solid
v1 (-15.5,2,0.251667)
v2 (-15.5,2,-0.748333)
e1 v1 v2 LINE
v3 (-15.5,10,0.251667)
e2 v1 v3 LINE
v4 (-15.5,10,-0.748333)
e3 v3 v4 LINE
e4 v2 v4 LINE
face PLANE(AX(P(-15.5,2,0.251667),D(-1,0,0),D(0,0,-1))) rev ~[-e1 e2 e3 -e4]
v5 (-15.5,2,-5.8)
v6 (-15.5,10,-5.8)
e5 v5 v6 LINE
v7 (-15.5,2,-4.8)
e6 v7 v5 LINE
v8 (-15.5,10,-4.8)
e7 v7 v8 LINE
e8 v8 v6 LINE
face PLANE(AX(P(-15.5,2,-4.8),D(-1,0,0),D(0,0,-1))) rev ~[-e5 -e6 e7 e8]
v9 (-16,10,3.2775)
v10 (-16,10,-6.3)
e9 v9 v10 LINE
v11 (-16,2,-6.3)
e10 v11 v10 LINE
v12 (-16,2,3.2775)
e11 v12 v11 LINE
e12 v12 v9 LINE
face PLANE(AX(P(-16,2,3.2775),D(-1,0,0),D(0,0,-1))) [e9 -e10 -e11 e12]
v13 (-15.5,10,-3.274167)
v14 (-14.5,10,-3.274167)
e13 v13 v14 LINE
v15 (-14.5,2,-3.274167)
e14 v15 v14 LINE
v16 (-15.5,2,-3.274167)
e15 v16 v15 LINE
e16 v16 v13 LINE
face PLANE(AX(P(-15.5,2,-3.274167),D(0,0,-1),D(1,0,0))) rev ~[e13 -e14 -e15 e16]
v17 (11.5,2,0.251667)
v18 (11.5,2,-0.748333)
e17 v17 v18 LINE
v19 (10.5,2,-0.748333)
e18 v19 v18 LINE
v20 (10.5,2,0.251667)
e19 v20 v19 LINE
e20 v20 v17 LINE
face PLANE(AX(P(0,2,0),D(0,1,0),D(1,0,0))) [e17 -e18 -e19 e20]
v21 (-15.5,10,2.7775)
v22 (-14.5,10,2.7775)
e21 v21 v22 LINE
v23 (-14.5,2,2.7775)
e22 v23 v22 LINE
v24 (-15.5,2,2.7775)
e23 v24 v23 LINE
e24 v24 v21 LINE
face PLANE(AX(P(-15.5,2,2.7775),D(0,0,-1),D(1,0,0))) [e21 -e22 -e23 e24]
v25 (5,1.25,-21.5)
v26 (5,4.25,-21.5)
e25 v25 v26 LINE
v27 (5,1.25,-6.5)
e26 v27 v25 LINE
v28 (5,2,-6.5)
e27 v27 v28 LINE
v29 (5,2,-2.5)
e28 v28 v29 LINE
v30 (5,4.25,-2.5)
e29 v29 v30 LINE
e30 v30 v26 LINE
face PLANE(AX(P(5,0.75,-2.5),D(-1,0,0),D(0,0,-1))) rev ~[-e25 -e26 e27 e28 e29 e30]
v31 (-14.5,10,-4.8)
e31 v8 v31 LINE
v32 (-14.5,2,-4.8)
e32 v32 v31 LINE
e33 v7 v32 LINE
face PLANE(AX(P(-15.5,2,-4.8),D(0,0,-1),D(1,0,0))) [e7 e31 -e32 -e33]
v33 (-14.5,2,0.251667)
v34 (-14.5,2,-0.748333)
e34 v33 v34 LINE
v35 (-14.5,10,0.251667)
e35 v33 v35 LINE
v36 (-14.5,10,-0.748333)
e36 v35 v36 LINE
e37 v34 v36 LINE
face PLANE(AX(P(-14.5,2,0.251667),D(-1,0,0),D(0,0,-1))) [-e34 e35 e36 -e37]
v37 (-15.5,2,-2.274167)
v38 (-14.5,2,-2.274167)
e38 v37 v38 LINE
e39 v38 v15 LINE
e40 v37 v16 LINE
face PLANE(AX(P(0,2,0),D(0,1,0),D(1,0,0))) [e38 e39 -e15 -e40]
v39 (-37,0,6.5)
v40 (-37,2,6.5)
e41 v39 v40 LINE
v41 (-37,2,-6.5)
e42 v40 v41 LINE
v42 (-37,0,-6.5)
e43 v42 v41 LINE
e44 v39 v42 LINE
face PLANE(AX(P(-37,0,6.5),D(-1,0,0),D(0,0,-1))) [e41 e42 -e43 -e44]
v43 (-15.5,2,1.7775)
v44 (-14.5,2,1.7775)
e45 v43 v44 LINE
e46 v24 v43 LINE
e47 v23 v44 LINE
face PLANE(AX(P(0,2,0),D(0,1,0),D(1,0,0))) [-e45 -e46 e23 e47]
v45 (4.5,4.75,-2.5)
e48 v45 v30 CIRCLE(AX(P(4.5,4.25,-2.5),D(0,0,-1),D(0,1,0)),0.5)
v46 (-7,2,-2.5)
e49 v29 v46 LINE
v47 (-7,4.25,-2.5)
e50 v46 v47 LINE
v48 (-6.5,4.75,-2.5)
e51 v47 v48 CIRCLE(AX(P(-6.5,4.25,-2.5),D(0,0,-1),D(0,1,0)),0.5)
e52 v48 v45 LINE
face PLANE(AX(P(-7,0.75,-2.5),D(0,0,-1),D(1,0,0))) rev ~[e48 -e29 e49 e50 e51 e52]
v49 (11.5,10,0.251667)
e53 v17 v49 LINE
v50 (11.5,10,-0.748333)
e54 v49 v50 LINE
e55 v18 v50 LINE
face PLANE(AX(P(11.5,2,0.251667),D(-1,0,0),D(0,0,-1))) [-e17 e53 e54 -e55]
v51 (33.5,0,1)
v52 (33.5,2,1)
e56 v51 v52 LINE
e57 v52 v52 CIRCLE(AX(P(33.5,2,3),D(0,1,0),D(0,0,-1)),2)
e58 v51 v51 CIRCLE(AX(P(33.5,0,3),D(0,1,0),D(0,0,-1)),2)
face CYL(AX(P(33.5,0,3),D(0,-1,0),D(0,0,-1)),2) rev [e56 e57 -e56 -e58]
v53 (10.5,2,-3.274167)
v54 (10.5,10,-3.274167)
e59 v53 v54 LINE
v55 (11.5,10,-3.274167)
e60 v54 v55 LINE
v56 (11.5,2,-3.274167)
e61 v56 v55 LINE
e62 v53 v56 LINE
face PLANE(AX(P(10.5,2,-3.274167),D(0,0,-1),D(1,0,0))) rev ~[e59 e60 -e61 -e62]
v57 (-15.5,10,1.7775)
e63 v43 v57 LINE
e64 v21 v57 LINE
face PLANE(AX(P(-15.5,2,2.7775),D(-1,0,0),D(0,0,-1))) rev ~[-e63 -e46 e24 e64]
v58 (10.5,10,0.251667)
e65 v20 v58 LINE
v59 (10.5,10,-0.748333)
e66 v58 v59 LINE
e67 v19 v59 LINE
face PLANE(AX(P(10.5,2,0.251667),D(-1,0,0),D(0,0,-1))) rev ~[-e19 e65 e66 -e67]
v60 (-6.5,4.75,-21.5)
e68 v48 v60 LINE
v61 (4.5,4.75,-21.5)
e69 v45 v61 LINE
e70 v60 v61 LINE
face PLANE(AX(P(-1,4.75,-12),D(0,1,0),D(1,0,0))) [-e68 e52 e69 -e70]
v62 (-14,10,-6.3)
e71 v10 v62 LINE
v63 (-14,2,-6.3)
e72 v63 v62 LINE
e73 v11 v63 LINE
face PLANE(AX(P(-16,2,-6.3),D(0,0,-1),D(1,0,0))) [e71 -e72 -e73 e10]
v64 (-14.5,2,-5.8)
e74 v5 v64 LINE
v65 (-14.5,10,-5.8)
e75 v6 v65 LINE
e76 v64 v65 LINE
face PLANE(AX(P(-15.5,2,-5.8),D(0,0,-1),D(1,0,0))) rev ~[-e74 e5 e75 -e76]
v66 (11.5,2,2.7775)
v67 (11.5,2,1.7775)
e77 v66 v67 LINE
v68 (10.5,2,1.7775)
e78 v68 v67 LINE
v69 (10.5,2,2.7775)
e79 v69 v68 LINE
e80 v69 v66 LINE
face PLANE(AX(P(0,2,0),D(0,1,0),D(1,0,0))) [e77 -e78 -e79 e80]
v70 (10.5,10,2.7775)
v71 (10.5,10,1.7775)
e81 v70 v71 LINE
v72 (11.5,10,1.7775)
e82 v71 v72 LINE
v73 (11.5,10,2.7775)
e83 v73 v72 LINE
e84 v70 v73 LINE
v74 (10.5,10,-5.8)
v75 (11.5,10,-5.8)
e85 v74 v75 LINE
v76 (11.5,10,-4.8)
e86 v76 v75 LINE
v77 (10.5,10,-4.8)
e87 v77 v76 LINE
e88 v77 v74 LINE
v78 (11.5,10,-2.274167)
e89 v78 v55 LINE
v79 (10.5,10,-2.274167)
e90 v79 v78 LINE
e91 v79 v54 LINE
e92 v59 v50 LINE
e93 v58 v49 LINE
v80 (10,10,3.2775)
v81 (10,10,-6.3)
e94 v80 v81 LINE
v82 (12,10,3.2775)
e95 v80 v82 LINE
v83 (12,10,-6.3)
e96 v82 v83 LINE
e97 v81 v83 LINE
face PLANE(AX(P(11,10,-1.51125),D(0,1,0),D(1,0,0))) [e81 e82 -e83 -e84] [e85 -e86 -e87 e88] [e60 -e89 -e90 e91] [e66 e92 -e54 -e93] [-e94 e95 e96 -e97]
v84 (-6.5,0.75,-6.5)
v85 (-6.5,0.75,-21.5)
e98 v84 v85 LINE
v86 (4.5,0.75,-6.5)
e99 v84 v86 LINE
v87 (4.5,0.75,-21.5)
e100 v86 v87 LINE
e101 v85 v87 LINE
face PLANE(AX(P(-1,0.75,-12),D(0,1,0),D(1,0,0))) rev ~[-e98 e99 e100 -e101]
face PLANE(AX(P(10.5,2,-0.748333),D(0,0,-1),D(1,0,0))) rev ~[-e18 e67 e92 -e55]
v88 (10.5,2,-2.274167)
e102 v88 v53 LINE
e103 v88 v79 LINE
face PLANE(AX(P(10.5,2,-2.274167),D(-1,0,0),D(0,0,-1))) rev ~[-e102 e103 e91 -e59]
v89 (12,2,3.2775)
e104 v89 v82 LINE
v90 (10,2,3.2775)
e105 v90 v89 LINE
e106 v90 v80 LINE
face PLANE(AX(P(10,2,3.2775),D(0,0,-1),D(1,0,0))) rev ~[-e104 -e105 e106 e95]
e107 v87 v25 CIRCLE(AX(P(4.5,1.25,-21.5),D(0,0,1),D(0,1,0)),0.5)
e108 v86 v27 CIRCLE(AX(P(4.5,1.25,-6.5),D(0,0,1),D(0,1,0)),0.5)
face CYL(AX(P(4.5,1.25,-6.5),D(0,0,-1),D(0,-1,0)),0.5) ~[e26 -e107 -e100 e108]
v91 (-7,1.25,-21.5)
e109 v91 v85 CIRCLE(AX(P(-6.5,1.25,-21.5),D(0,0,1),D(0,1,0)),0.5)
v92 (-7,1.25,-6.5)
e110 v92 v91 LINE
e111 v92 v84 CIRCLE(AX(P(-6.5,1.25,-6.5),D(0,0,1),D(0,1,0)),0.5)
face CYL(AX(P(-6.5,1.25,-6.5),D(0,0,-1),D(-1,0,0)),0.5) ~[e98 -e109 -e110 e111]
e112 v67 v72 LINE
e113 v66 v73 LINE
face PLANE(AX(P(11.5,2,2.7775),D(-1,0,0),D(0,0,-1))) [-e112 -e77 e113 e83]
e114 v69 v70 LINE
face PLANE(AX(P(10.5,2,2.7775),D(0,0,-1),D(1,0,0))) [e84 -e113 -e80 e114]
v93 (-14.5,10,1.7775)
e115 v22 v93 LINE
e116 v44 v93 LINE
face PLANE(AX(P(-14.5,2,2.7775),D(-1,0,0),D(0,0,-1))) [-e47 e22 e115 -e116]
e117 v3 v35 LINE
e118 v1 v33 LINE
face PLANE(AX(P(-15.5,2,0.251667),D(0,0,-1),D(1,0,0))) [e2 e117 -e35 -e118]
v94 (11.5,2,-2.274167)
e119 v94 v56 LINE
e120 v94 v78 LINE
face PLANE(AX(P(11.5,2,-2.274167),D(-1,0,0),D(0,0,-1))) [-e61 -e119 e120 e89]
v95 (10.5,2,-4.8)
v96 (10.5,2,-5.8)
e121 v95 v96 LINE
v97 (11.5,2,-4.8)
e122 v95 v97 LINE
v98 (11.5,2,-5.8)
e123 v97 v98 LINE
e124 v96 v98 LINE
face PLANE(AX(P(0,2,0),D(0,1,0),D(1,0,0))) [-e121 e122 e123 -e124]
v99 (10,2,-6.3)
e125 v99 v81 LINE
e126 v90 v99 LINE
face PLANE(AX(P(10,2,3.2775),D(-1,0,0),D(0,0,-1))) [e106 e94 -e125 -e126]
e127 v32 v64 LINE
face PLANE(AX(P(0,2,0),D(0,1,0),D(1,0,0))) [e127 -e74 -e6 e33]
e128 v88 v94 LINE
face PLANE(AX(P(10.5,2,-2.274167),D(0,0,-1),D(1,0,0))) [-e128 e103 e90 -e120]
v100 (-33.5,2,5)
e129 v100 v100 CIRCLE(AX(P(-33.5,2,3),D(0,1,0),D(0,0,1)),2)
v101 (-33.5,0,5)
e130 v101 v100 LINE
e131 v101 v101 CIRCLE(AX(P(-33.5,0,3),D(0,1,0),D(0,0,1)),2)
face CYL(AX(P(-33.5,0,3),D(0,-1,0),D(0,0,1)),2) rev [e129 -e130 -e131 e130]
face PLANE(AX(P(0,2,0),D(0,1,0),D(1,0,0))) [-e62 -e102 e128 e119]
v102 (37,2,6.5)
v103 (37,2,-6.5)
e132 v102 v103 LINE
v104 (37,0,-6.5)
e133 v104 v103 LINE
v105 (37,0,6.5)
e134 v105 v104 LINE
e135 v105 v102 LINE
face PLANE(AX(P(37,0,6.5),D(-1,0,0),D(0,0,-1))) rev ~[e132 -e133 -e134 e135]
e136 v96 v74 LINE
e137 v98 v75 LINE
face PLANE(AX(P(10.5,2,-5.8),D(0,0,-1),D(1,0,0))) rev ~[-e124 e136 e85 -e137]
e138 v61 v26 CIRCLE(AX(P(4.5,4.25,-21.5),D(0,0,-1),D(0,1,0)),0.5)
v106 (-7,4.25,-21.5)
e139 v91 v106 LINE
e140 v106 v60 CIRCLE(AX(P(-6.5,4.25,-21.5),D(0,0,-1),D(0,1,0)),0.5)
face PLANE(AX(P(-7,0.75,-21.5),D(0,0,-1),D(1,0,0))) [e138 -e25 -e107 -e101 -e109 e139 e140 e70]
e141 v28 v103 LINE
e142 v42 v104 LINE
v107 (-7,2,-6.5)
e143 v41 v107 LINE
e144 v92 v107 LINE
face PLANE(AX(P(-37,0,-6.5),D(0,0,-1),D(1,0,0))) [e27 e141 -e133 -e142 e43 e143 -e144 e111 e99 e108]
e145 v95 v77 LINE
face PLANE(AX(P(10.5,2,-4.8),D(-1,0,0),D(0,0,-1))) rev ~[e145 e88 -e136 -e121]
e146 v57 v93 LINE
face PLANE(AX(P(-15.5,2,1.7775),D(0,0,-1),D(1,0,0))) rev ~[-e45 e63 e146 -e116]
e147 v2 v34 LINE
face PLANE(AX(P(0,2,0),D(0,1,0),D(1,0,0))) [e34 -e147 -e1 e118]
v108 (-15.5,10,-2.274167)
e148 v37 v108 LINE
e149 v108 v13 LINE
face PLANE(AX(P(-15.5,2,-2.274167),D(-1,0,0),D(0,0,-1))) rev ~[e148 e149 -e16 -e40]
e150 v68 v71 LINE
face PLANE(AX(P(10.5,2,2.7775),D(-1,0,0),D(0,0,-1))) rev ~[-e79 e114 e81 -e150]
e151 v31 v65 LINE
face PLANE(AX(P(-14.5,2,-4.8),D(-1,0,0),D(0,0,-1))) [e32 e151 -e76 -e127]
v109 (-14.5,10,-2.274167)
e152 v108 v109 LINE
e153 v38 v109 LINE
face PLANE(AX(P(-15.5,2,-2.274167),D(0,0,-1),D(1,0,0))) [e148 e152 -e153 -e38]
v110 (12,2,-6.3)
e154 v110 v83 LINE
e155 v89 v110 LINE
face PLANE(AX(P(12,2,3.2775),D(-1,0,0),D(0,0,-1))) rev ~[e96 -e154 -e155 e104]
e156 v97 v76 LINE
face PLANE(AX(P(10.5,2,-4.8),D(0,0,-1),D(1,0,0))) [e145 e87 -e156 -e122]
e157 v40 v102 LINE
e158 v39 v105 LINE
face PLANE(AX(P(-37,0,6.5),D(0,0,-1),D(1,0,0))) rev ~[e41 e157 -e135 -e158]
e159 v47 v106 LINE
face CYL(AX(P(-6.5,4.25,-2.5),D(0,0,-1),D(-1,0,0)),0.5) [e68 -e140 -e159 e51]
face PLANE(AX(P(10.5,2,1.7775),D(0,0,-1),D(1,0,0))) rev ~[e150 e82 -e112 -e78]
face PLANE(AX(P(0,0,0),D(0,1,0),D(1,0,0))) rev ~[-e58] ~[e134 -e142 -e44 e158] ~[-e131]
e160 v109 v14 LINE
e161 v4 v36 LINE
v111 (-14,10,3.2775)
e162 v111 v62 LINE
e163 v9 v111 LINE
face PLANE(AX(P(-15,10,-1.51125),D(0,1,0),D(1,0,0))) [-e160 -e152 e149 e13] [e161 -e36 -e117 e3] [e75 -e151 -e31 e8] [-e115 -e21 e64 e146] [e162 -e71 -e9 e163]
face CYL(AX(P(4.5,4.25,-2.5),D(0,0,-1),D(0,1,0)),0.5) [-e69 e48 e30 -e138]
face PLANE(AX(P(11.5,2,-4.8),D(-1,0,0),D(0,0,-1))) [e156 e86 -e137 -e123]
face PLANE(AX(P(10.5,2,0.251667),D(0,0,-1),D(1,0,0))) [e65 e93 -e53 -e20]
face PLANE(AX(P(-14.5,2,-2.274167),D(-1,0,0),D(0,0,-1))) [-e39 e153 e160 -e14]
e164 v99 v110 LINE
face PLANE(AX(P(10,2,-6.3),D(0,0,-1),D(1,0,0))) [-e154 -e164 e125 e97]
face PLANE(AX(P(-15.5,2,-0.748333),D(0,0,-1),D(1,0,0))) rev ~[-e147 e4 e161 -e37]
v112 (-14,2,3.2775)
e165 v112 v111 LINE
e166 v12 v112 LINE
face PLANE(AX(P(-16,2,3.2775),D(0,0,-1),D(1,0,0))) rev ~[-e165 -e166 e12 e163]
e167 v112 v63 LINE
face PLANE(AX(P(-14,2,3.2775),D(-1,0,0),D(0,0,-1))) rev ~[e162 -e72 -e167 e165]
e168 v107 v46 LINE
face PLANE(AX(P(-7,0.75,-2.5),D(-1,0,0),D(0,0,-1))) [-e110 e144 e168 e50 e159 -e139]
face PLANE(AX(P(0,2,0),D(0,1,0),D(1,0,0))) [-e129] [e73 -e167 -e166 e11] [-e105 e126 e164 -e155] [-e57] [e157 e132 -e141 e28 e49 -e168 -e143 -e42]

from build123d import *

# Parameters (mm, degrees)
SKETCH1_W           = 74
SKETCH1_H           = 13
SKETCH1_R           = 2
BOSS_EXTRUDE1_DEPTH = 2
SKETCH2_W           = 2
SKETCH2_H           = 9.5775
SKETCH2_W_2         = 1
SKETCH2_H_2         = 1
BOSS_EXTRUDE2_DEPTH = 8
SKETCH3_W           = 12
SKETCH3_H           = 19
BOSS_EXTRUDE3_DEPTH = 4
FILLET1_R           = 0.5


with BuildPart() as part:
    # Sketch1 → Boss-Extrude1 (new body)
    with BuildSketch(Plane(origin=(0, 0, 0), x_dir=(1, 0, 0), z_dir=(0, 1, 0))):
        Rectangle(SKETCH1_W, SKETCH1_H)
        with Locations(Location((-33.5, -3, 0), (0, 0, 270))):
            Circle(SKETCH1_R, mode=Mode.SUBTRACT)
        with Locations(Location((33.5, -3, 0), (0, 0, 90))):
            Circle(SKETCH1_R, mode=Mode.SUBTRACT)
    extrude(amount=BOSS_EXTRUDE1_DEPTH)

    # Sketch2 → Boss-Extrude2 (add)
    # profile 1 of 2: a face of its own
    with BuildSketch(Plane(origin=(0, 2, 0), x_dir=(1, 0, 0), z_dir=(0, 1, 0))):
        with Locations((11, 1.51125)):
            Rectangle(SKETCH2_W, SKETCH2_H)
        with Locations((11, 2.774166667)):
            Rectangle(SKETCH2_W_2, SKETCH2_H_2, mode=Mode.SUBTRACT)
        with Locations((11, 5.3)):
            Rectangle(SKETCH2_W_2, SKETCH2_H_2, mode=Mode.SUBTRACT)
        with Locations((11, 0.248333333)):
            Rectangle(SKETCH2_W_2, SKETCH2_H_2, mode=Mode.SUBTRACT)
        with Locations((11, -2.2775)):
            Rectangle(SKETCH2_W_2, SKETCH2_H_2, mode=Mode.SUBTRACT)
    # profile 2 of 2: a face of its own
    with BuildSketch(Plane(origin=(0, 2, 0), x_dir=(1, 0, 0), z_dir=(0, 1, 0))):
        with Locations((-15, 1.51125)):
            Rectangle(SKETCH2_W, SKETCH2_H)
        with Locations((-15, -2.2775)):
            Rectangle(SKETCH2_W_2, SKETCH2_H_2, mode=Mode.SUBTRACT)
        with Locations((-15, 0.248333333)):
            Rectangle(SKETCH2_W_2, SKETCH2_H_2, mode=Mode.SUBTRACT)
        with Locations((-15, 2.774166667)):
            Rectangle(SKETCH2_W_2, SKETCH2_H_2, mode=Mode.SUBTRACT)
        with Locations((-15, 5.3)):
            Rectangle(SKETCH2_W_2, SKETCH2_H_2, mode=Mode.SUBTRACT)
    extrude(amount=BOSS_EXTRUDE2_DEPTH)

    # Sketch3 → Boss-Extrude3 (add)
    with BuildSketch(Plane(origin=(0, 0.75, 0), x_dir=(1, 0, 0), z_dir=(0, 1, 0))):
        with Locations((-1, 12)):
            Rectangle(SKETCH3_W, SKETCH3_H)
    extrude(amount=BOSS_EXTRUDE3_DEPTH)

    # Fillet1
    fillet1_edges = [part.edges().sort_by_distance(p)[0] for p in [
        (5, 0.75, -14),
        (-7, 0.75, -14),
        (5, 4.75, -12),
        (-7, 4.75, -12),
    ]]
    fillet(fillet1_edges, radius=FILLET1_R)


solid = part.part
